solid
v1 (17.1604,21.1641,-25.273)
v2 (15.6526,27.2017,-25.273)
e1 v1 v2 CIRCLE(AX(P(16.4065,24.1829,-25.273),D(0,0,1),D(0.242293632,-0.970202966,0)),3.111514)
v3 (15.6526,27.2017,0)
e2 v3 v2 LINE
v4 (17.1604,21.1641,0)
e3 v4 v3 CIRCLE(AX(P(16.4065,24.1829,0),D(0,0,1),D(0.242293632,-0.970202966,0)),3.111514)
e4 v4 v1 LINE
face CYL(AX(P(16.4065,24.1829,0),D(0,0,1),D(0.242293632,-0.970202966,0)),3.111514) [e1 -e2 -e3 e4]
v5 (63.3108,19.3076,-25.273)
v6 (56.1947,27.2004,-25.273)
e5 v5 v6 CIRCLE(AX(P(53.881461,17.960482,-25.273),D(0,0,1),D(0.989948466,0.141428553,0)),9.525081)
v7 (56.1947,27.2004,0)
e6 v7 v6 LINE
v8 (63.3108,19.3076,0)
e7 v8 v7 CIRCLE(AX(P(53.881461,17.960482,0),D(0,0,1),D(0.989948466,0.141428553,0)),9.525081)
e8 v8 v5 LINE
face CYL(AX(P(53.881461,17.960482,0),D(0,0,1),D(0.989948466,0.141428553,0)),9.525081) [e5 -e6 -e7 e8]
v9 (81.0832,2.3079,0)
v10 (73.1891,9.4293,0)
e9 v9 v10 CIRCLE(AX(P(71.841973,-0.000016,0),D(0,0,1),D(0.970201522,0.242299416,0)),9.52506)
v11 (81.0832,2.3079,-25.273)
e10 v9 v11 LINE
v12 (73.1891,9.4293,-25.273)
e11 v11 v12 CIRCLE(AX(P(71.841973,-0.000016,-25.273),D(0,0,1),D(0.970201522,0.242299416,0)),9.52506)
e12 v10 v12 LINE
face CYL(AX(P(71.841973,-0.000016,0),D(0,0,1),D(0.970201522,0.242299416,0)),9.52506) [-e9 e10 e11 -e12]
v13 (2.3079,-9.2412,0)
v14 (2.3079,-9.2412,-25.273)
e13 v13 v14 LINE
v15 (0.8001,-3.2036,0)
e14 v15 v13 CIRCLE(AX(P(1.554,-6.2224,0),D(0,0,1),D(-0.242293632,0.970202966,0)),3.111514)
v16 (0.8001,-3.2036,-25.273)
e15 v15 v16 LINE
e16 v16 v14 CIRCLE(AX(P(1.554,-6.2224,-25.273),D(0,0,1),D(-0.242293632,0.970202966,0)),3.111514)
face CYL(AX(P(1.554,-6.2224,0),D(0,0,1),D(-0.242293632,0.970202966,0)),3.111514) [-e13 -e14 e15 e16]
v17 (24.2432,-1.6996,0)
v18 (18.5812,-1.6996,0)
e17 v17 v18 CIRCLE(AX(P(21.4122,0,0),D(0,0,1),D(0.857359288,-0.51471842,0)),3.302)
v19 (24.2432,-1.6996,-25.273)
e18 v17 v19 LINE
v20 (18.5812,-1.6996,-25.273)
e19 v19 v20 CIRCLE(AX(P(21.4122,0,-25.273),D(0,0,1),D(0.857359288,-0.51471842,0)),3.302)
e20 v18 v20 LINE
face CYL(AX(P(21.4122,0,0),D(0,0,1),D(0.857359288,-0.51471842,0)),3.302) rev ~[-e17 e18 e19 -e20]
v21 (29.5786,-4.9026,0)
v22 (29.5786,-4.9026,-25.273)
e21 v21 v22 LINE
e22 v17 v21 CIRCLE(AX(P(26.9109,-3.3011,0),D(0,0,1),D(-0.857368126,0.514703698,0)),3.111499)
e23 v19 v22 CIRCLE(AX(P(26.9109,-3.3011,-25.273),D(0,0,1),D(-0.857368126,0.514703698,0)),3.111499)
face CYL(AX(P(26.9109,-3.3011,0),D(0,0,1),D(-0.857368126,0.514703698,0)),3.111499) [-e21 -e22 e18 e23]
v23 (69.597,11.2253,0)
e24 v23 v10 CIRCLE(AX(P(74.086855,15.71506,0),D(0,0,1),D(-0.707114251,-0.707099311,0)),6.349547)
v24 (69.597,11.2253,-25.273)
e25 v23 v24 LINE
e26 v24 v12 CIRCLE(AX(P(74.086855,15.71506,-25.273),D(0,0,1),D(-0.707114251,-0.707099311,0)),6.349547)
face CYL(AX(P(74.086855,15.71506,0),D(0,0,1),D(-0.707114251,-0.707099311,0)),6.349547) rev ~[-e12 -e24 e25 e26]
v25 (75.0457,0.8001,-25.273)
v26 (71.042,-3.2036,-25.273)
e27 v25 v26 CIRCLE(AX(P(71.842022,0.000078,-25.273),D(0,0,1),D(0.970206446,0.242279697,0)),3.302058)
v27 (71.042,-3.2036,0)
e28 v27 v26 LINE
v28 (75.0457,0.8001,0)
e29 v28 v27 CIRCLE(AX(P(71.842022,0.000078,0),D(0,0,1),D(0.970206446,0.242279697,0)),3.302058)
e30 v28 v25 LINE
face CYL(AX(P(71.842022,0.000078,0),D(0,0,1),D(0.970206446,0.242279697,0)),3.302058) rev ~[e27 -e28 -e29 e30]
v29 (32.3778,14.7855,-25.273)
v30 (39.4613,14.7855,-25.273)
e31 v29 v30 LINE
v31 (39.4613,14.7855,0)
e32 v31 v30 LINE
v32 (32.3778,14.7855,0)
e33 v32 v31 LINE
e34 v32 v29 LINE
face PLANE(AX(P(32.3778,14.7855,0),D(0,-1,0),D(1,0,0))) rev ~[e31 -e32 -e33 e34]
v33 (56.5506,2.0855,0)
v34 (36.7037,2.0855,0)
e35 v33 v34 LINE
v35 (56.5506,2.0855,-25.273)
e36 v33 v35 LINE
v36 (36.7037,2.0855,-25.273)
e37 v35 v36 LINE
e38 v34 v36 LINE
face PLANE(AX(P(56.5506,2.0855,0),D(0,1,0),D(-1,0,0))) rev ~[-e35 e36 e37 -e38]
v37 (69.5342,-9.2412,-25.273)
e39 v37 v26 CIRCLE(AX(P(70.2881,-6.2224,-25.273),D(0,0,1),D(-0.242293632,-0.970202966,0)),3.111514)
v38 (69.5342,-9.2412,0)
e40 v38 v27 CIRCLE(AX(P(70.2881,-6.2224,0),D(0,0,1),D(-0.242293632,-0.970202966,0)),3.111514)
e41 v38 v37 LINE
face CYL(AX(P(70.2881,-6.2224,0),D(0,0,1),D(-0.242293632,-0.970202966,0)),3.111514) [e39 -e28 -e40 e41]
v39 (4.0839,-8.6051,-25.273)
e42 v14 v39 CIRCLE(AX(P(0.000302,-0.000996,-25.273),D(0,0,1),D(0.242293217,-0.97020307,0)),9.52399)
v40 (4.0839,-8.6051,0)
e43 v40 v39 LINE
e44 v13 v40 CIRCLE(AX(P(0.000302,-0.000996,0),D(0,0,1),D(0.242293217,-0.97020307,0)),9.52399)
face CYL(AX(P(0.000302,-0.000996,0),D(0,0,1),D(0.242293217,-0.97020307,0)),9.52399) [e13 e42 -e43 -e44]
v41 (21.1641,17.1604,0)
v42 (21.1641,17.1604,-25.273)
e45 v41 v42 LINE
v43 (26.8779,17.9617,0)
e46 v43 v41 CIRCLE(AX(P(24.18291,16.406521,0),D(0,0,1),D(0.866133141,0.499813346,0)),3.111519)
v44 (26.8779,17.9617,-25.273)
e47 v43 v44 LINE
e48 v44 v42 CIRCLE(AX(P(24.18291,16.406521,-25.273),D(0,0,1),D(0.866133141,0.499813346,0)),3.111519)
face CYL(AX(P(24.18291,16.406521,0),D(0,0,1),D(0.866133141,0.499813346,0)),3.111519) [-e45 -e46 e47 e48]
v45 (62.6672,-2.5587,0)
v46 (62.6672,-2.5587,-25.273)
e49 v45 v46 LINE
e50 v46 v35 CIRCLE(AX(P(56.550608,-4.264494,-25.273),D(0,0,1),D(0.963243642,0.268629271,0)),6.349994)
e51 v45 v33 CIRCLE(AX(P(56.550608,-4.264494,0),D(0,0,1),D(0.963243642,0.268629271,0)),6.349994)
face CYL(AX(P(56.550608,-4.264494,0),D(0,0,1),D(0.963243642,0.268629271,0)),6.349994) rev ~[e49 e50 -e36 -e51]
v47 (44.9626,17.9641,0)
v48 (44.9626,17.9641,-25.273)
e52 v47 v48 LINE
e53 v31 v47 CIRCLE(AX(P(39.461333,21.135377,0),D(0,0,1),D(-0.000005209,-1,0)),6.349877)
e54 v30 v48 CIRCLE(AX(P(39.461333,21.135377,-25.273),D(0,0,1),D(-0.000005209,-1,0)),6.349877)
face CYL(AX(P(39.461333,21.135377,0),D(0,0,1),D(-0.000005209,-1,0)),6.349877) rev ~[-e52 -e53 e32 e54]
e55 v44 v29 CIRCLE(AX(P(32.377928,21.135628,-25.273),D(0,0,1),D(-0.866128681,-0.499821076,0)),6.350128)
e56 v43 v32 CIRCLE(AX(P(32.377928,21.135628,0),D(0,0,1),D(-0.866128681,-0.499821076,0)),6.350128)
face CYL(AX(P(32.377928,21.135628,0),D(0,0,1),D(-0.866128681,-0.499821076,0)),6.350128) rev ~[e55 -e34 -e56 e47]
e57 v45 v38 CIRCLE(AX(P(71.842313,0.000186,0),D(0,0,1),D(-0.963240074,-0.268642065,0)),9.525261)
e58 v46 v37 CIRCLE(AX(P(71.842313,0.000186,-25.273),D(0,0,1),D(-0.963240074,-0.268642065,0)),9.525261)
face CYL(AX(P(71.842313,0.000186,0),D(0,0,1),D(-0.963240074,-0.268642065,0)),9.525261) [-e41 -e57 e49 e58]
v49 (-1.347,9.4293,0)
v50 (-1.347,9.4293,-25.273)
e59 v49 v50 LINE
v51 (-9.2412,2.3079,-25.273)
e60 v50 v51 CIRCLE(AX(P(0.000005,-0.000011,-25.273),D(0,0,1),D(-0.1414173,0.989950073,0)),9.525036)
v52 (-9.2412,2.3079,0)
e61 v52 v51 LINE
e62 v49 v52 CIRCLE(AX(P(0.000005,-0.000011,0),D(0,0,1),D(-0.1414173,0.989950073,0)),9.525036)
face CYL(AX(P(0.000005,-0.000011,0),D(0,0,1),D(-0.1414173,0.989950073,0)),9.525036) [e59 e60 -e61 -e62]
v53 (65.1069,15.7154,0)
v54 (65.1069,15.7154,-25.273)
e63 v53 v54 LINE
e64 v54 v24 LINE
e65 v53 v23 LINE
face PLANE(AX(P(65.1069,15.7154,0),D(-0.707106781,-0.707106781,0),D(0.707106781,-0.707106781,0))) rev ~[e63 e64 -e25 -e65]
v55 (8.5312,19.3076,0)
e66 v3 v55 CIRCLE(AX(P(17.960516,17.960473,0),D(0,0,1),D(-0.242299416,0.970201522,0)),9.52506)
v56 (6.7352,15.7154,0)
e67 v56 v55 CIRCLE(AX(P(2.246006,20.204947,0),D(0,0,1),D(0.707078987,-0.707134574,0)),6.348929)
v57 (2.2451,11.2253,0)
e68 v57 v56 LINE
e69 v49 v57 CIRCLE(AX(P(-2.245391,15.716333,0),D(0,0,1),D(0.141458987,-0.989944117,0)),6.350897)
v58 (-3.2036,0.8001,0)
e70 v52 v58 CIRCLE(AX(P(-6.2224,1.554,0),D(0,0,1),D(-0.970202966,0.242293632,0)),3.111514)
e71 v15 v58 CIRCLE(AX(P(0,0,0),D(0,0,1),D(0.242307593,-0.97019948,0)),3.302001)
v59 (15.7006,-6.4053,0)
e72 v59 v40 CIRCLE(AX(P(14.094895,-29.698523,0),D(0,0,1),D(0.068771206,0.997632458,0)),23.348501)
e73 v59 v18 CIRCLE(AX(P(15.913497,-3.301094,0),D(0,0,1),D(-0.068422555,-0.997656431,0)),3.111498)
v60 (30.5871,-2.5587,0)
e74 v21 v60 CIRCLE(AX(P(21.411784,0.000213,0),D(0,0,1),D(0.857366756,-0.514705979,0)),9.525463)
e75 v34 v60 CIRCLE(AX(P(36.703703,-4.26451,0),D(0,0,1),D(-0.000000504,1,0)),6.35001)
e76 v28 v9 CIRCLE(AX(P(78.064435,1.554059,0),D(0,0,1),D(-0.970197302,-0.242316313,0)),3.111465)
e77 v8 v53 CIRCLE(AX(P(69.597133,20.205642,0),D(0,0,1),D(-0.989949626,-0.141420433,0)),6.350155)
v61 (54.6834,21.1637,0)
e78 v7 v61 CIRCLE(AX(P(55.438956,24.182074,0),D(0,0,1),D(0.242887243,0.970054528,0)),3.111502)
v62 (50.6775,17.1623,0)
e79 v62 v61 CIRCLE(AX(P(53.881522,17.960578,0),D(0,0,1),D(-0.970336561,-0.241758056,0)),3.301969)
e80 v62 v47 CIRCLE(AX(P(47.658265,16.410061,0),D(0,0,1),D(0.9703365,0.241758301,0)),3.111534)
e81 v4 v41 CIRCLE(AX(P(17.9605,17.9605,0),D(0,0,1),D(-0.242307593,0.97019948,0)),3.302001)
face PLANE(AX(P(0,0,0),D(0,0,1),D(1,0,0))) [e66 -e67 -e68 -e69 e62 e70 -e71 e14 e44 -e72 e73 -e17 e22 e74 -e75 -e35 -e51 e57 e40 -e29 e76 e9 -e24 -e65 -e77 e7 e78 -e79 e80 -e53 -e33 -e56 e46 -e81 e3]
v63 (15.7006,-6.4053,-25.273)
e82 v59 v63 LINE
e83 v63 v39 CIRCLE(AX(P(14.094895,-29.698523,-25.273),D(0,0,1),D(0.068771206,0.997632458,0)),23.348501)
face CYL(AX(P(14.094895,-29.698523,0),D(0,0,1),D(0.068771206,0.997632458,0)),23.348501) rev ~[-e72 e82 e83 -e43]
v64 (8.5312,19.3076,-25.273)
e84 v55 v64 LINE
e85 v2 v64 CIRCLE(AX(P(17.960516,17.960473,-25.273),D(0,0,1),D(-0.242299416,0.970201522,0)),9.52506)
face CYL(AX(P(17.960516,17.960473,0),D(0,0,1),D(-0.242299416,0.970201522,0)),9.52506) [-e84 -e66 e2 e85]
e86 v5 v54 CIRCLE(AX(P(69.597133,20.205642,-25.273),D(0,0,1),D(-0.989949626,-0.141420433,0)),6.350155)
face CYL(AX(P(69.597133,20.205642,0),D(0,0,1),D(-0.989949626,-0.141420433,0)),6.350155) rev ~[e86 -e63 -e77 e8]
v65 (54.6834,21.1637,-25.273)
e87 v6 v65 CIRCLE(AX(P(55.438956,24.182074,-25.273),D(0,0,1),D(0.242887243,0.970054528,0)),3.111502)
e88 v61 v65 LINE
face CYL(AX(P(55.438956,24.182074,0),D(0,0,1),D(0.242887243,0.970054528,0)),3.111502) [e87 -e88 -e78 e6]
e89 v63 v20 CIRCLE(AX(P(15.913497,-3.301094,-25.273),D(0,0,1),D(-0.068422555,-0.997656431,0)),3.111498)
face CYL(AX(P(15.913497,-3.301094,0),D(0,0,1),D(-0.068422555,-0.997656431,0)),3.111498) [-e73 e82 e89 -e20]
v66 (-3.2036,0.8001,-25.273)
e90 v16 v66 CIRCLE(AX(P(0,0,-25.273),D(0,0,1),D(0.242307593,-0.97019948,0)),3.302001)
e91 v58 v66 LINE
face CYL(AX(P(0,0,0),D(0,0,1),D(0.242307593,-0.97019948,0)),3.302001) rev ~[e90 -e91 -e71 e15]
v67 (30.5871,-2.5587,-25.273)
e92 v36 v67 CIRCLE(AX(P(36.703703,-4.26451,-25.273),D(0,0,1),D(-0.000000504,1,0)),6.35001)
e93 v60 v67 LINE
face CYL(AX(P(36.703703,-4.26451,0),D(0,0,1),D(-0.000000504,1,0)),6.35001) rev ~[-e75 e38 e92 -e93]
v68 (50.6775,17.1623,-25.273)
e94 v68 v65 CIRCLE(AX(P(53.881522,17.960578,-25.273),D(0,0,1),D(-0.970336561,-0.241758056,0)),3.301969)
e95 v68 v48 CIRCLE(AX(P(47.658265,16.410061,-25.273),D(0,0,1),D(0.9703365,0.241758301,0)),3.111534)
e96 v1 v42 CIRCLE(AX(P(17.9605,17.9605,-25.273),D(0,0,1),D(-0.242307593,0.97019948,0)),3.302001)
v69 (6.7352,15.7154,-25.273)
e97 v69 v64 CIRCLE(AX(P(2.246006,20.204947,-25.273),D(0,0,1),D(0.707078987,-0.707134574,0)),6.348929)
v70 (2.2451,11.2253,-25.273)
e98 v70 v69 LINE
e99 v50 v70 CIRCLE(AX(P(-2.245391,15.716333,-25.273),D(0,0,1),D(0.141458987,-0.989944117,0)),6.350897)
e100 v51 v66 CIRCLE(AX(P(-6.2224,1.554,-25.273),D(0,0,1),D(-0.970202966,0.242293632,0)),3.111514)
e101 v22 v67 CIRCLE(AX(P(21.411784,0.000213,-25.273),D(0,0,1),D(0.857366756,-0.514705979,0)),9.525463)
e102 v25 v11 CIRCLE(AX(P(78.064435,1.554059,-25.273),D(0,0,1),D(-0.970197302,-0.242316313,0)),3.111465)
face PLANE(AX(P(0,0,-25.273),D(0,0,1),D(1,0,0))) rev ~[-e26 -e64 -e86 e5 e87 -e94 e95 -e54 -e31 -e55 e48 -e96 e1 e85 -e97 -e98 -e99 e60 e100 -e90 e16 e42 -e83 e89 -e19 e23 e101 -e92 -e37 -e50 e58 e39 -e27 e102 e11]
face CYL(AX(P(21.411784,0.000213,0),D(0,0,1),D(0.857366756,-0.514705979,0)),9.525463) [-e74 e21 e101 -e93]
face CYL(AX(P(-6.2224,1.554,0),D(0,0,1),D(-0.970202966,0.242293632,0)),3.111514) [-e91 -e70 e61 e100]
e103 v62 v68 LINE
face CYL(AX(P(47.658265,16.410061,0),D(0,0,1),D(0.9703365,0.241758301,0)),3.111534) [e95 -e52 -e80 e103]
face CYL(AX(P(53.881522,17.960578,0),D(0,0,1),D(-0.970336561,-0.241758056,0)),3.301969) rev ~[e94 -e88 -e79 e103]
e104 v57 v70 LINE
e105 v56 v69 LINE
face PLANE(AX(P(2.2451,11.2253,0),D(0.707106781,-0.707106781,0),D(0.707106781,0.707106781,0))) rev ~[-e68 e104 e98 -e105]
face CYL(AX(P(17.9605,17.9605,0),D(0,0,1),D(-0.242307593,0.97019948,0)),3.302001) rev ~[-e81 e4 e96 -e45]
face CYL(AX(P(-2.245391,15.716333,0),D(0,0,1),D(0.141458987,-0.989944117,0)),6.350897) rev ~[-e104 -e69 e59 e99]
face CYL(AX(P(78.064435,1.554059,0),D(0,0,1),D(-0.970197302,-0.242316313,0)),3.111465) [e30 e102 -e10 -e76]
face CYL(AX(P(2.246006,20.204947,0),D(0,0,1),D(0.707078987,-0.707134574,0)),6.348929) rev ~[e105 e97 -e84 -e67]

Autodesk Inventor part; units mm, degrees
ref_plane "YZ Plane" through (0, 0, 0) normal (1, 0, 0) x (0, 1, 0)
ref_plane "XZ Plane" through (0, 0, 0) normal (0, 1, 0) x (-1, 0, 0)
ref_plane "XY Plane" through (0, 0, 0) normal (0, 0, 1) x (1, 0, 0)
sketch "Sketch1" plane through (0, 0, 0) normal (0, 0, 1) x (1, 0, 0)
  arc A0 (63.3108, 19.3076) -> (65.1069, 15.7154) centre (69.597, 20.2056) ccw
  arc A1 (63.3108, 19.3076) -> (56.1947, 27.2004) centre (53.8815, 17.9605) ccw
  arc A2 (56.1947, 27.2004) -> (54.6834, 21.1637) centre (55.439, 24.182) ccw
  arc A3 (50.6775, 17.1623) -> (54.6834, 21.1637) centre (53.8815, 17.9605) ccw
  arc A4 (50.6775, 17.1623) -> (44.9626, 17.9641) centre (47.6583, 16.4101) ccw
  arc A5 (39.4613, 14.7855) -> (44.9626, 17.9641) centre (39.4613, 21.1355) ccw
  line L0 (32.3778, 14.7855) -> (39.4613, 14.7855)
  arc A6 (26.8779, 17.9617) -> (32.3778, 14.7855) centre (32.3778, 21.1355) ccw
  arc A7 (26.8779, 17.9617) -> (21.1641, 17.1604) centre (24.1829, 16.4065) ccw
  arc A8 (17.1604, 21.1641) -> (21.1641, 17.1604) centre (17.9605, 17.9605) ccw
  arc A9 (17.1604, 21.1641) -> (15.6526, 27.2017) centre (16.4065, 24.1829) ccw
  arc A10 (15.6526, 27.2017) -> (8.5312, 19.3076) centre (17.9605, 17.9605) ccw
  arc A11 (6.7352, 15.7154) -> (8.5312, 19.3076) centre (2.2451, 20.2056) ccw
  line L1 (2.2451, 11.2253) -> (6.7352, 15.7154)
  arc A12 (-1.347, 9.4293) -> (2.2451, 11.2253) centre (-2.2451, 15.7154) ccw
  arc A13 (-1.347, 9.4293) -> (-9.2412, 2.3079) centre (0, 0) ccw
  arc A14 (-9.2412, 2.3079) -> (-3.2036, 0.8001) centre (-6.2224, 1.554) ccw
  arc A15 (0.8001, -3.2036) -> (-3.2036, 0.8001) centre (0, 0) ccw
  arc A16 (0.8001, -3.2036) -> (2.3079, -9.2412) centre (1.554, -6.2224) ccw
  arc A17 (2.3079, -9.2412) -> (4.0839, -8.6051) centre (0, 0) ccw
  arc A18 (15.7006, -6.4053) -> (4.0839, -8.6051) centre (14.0949, -29.6986) ccw
  arc A19 (15.7006, -6.4053) -> (18.5812, -1.6996) centre (15.9135, -3.3011) ccw
  arc A20 (24.2432, -1.6996) -> (18.5812, -1.6996) centre (21.4122, 0) ccw
  arc A21 (24.2432, -1.6996) -> (29.5786, -4.9026) centre (26.9109, -3.3011) ccw
  arc A22 (29.5786, -4.9026) -> (30.5871, -2.5587) centre (21.4122, 0) ccw
  arc A23 (36.7037, 2.0855) -> (30.5871, -2.5587) centre (36.7037, -4.2645) ccw
  line L2 (56.5506, 2.0855) -> (36.7037, 2.0855)
  arc A24 (62.6672, -2.5587) -> (56.5506, 2.0855) centre (56.5506, -4.2645) ccw
  arc A25 (62.6672, -2.5587) -> (69.5342, -9.2412) centre (71.842, 0) ccw
  arc A26 (69.5342, -9.2412) -> (71.042, -3.2036) centre (70.2881, -6.2224) ccw
  arc A27 (75.0457, 0.8001) -> (71.042, -3.2036) centre (71.842, 0) ccw
  arc A28 (75.0457, 0.8001) -> (81.0832, 2.3079) centre (78.0644, 1.554) ccw
  arc A29 (81.0832, 2.3079) -> (73.1891, 9.4293) centre (71.842, 0) ccw
  arc A30 (69.597, 11.2253) -> (73.1891, 9.4293) centre (74.0871, 15.7154) ccw
  line L3 (65.1069, 15.7154) -> (69.597, 11.2253)
extrude "Extrusion1" add sketch "Sketch1" against normal blind 25.273
properties part number "am-0212" material "Aluminum-6061"
